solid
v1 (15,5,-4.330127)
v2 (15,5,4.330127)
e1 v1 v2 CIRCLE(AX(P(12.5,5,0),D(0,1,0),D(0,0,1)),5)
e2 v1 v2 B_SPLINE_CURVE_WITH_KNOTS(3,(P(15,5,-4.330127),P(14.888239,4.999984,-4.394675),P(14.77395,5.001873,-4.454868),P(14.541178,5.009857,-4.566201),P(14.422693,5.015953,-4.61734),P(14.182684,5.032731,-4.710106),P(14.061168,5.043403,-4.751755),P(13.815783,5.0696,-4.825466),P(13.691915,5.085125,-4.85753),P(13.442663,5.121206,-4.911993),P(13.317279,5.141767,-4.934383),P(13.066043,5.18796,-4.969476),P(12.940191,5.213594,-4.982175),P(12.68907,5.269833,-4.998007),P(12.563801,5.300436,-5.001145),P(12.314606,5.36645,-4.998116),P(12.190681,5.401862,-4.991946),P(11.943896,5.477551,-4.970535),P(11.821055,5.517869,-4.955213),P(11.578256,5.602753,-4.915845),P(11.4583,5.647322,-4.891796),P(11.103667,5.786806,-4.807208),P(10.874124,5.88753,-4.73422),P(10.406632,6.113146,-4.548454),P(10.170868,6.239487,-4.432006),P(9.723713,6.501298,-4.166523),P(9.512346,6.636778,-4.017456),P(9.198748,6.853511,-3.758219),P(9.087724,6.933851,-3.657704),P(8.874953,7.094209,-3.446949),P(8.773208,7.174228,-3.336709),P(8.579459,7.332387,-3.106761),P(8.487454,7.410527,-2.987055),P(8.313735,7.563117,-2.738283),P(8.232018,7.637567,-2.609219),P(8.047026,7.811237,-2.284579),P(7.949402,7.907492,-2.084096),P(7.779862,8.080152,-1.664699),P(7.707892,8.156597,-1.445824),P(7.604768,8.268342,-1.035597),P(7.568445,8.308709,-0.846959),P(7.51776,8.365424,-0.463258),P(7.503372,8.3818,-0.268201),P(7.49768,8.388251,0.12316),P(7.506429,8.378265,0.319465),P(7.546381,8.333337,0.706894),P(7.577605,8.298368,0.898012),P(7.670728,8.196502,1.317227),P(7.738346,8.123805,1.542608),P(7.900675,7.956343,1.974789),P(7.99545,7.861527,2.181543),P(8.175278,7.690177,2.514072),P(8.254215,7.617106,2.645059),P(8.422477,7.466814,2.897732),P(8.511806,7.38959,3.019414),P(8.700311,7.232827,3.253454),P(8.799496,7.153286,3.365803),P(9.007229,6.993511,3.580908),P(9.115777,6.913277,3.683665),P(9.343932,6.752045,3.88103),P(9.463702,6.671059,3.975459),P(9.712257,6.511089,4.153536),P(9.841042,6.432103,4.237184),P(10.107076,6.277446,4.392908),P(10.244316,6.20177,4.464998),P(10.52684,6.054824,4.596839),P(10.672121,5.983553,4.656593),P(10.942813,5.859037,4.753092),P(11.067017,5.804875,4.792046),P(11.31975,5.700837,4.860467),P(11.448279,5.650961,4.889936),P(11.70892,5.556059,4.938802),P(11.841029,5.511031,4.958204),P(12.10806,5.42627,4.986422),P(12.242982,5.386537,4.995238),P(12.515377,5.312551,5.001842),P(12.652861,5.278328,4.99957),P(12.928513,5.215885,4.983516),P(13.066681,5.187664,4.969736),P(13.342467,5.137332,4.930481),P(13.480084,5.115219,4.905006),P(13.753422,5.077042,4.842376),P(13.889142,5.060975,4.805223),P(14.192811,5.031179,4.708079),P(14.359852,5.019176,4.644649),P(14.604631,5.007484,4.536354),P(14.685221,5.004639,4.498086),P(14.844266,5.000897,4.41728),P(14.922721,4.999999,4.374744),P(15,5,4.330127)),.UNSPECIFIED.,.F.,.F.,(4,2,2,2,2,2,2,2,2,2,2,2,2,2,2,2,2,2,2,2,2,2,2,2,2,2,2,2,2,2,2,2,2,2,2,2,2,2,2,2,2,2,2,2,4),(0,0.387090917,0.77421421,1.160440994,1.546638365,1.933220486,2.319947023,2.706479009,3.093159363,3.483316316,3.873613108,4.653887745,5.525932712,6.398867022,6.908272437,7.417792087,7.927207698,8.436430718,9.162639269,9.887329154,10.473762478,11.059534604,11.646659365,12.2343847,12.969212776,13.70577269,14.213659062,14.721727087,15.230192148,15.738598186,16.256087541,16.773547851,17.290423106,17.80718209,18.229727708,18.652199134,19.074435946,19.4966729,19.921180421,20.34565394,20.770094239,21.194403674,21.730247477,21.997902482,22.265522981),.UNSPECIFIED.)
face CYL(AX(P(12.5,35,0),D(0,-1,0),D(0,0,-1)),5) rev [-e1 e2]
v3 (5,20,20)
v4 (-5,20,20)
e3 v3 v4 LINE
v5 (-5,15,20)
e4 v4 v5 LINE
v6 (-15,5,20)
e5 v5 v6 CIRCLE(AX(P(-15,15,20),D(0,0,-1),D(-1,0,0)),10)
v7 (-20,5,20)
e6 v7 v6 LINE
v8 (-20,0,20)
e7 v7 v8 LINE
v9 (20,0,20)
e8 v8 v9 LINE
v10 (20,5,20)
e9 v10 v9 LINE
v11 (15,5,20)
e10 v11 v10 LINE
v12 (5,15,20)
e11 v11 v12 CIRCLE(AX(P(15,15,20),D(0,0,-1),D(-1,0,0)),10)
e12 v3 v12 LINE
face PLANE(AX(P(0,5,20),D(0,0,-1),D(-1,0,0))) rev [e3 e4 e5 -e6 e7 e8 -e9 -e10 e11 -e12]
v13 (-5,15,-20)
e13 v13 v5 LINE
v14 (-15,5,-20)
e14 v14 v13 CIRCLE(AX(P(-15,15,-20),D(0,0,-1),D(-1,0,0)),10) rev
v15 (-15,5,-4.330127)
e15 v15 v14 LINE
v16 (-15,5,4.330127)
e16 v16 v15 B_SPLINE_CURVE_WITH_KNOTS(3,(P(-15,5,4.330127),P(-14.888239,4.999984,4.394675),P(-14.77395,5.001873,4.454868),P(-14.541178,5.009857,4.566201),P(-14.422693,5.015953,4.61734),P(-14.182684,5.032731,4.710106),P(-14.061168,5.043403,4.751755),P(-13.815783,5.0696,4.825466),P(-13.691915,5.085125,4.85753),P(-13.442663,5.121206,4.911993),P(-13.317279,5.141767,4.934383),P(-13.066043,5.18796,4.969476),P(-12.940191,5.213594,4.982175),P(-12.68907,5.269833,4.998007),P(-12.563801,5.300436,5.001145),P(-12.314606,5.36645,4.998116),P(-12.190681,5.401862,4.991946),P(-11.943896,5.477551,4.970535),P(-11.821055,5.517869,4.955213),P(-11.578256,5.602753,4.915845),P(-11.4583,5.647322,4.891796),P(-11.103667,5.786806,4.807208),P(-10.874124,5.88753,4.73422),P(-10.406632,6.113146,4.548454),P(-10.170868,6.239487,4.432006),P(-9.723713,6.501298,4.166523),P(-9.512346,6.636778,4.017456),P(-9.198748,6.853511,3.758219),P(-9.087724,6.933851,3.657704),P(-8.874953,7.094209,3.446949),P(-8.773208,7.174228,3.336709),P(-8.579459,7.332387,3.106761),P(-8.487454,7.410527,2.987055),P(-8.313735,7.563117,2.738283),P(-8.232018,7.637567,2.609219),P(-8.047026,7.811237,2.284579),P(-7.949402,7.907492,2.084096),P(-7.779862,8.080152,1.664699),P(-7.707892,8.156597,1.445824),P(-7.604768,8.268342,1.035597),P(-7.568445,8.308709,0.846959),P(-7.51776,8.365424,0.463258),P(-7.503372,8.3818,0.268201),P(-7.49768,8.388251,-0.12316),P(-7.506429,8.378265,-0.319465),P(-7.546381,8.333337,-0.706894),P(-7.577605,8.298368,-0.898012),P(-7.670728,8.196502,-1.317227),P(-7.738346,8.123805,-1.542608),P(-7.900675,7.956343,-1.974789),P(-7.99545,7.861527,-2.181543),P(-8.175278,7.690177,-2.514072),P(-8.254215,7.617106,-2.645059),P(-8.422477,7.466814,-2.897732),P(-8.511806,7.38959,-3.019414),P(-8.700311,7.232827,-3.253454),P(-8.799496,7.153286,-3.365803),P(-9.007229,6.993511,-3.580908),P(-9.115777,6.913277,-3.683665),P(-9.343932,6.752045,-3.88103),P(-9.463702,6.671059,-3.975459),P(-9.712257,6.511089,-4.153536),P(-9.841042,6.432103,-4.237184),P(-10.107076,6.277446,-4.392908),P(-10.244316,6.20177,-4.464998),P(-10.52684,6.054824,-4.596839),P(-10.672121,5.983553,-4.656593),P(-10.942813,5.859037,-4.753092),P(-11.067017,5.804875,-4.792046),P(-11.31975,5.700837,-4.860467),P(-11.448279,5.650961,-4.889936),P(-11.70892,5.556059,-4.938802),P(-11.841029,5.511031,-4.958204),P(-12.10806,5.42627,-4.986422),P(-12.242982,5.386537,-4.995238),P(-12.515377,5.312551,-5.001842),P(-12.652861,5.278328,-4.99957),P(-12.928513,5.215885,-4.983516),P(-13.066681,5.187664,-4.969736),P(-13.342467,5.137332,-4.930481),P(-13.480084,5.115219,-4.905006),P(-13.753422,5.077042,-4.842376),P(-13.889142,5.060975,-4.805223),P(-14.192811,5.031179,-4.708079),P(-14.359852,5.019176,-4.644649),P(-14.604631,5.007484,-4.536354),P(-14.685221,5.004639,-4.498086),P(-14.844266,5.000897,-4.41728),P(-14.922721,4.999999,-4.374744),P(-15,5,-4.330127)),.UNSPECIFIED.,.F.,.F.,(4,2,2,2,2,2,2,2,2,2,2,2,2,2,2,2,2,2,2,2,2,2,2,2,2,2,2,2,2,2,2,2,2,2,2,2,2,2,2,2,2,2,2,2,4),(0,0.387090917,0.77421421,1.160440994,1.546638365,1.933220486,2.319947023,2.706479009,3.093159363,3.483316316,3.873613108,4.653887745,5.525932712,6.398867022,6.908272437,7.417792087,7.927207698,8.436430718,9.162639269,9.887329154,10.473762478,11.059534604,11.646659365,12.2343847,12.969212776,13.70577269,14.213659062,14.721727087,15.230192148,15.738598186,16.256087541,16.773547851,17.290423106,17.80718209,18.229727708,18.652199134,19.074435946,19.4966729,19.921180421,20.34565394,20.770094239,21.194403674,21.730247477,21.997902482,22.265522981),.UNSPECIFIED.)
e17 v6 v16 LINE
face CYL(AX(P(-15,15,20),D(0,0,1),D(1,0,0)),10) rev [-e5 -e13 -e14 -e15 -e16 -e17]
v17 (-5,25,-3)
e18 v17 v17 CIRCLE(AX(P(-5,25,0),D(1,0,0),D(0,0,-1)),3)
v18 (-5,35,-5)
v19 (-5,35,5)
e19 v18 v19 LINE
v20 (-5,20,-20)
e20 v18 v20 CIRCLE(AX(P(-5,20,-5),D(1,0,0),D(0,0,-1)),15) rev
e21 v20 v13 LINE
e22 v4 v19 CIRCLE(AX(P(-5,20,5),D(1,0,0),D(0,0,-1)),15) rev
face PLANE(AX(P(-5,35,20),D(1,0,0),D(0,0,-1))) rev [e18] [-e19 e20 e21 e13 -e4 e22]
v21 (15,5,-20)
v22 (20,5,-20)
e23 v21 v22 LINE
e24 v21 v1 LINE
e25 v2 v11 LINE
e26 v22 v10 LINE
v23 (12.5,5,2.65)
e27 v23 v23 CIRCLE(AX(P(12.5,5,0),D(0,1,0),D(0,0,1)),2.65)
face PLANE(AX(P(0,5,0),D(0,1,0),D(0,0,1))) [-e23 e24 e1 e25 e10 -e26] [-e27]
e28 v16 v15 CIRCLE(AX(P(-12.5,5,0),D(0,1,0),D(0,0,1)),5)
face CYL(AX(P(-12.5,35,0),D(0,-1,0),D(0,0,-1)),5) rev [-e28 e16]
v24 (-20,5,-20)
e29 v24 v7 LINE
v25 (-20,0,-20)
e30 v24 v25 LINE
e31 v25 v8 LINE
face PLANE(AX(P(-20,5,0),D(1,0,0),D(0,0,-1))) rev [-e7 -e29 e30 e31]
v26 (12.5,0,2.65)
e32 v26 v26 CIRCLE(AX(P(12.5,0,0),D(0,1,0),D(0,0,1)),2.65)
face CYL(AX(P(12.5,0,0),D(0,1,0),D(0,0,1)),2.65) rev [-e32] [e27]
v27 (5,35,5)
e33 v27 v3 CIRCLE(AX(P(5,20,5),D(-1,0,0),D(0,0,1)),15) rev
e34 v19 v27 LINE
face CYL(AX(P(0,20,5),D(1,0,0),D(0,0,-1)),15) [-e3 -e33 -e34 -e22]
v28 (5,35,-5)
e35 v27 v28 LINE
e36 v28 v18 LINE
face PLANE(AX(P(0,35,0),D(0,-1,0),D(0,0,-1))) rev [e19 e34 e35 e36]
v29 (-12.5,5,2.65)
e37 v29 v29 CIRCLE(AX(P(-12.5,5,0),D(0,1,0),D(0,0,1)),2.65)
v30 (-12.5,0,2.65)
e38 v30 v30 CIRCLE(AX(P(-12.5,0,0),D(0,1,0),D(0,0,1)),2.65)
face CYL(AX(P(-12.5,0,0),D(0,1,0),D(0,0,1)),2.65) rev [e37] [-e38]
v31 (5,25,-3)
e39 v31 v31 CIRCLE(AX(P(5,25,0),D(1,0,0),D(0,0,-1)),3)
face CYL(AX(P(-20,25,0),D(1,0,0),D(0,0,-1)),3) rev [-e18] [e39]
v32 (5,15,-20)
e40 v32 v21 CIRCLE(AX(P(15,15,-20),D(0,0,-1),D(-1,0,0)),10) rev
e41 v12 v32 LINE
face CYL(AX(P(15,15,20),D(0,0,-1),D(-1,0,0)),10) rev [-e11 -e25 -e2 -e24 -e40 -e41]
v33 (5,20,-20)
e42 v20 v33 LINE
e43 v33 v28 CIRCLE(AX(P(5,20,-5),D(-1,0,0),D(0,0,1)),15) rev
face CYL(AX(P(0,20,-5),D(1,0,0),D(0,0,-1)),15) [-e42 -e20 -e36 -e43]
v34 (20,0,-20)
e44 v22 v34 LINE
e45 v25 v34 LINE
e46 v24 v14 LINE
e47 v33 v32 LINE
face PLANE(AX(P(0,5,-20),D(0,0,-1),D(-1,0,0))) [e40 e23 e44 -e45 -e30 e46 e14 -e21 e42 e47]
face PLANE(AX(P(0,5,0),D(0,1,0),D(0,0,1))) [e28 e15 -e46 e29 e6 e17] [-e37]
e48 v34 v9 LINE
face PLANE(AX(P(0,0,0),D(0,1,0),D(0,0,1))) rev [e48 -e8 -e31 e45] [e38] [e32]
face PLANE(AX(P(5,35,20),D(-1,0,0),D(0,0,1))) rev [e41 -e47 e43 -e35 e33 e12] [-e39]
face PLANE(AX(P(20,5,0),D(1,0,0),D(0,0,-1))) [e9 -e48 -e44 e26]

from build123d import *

# Parameters (mm, degrees)
SKETCH1_W                  = 40
SKETCH1_H                  = 40
BOSS_EXTRUDE1_DEPTH        = 5
SKETCH4_W                  = 10
SKETCH4_H                  = 40
BOSS_EXTRUDE3_DEPTH        = 30
SKETCH5_R                  = 3
CUT_EXTRUDE4_DEPTH         = 26
FILLET1_R                  = 15
FILETE1_R                  = 10
ESBO_O1_R                  = 2.65
CORTE_EXTRUS_O1_DEPTH      = 31
CORTE_EXTRUS_O1_DEPTH_BACK = 6
ESBO_O2_R                  = 5
CORTE_EXTRUS_O2_DEPTH      = 31


with BuildPart() as part:
    # Sketch1 → Boss-Extrude1 (new body)
    with BuildSketch(Plane(origin=(0, 0, 0), x_dir=(1, 0, 0), z_dir=(0, 1, 0))):
        Rectangle(SKETCH1_W, SKETCH1_H)
    extrude(amount=BOSS_EXTRUDE1_DEPTH)

    # Sketch4 → Boss-Extrude3 (add)
    with BuildSketch(Plane(origin=(0, 5, 0), x_dir=(1, 0, 0), z_dir=(0, 1, 0))):
        Rectangle(SKETCH4_W, SKETCH4_H)
    extrude(amount=BOSS_EXTRUDE3_DEPTH)

    # Sketch5 → Cut-Extrude4 (cut, through all)
    with BuildSketch(Plane(origin=(5, 0, 0), x_dir=(0, 0, -1), z_dir=(1, 0, 0))):
        with Locations((0, 25)):
            Circle(SKETCH5_R)
    extrude(amount=-CUT_EXTRUDE4_DEPTH, mode=Mode.SUBTRACT)

    # Fillet1
    fillet1_edges = [part.edges().sort_by_distance(p)[0] for p in [
        (0, 35, -20),
        (0, 35, 20),
    ]]
    fillet(fillet1_edges, radius=FILLET1_R)

    # Filete1
    filete1_edges = [part.edges().sort_by_distance(p)[0] for p in [
        (5, 5, 0),
        (-5, 5, 0),
    ]]
    fillet(filete1_edges, radius=FILETE1_R)

    # Esboço1 → Corte-extrusão1 (cut, two sides)
    with BuildSketch(Plane(origin=(0, 5, 0), x_dir=(1, 0, 0), z_dir=(0, 1, 0))) as corte_extrus_o1_sk:
        with Locations((-12.5, 0)):
            Circle(ESBO_O1_R)
        with Locations((12.5, 0)):
            Circle(ESBO_O1_R)
    extrude(amount=CORTE_EXTRUS_O1_DEPTH, mode=Mode.SUBTRACT)
    extrude(corte_extrus_o1_sk.sketch, amount=-CORTE_EXTRUS_O1_DEPTH_BACK, mode=Mode.SUBTRACT)

    # Esboço2 → Corte-extrusão2 (cut, through all)
    with BuildSketch(Plane(origin=(0, 5, 0), x_dir=(1, 0, 0), z_dir=(0, 1, 0))):
        with Locations((-12.5, 0)):
            Circle(ESBO_O2_R)
        with Locations((12.5, 0)):
            Circle(ESBO_O2_R)
    extrude(amount=CORTE_EXTRUS_O2_DEPTH, mode=Mode.SUBTRACT)


solid = part.part
